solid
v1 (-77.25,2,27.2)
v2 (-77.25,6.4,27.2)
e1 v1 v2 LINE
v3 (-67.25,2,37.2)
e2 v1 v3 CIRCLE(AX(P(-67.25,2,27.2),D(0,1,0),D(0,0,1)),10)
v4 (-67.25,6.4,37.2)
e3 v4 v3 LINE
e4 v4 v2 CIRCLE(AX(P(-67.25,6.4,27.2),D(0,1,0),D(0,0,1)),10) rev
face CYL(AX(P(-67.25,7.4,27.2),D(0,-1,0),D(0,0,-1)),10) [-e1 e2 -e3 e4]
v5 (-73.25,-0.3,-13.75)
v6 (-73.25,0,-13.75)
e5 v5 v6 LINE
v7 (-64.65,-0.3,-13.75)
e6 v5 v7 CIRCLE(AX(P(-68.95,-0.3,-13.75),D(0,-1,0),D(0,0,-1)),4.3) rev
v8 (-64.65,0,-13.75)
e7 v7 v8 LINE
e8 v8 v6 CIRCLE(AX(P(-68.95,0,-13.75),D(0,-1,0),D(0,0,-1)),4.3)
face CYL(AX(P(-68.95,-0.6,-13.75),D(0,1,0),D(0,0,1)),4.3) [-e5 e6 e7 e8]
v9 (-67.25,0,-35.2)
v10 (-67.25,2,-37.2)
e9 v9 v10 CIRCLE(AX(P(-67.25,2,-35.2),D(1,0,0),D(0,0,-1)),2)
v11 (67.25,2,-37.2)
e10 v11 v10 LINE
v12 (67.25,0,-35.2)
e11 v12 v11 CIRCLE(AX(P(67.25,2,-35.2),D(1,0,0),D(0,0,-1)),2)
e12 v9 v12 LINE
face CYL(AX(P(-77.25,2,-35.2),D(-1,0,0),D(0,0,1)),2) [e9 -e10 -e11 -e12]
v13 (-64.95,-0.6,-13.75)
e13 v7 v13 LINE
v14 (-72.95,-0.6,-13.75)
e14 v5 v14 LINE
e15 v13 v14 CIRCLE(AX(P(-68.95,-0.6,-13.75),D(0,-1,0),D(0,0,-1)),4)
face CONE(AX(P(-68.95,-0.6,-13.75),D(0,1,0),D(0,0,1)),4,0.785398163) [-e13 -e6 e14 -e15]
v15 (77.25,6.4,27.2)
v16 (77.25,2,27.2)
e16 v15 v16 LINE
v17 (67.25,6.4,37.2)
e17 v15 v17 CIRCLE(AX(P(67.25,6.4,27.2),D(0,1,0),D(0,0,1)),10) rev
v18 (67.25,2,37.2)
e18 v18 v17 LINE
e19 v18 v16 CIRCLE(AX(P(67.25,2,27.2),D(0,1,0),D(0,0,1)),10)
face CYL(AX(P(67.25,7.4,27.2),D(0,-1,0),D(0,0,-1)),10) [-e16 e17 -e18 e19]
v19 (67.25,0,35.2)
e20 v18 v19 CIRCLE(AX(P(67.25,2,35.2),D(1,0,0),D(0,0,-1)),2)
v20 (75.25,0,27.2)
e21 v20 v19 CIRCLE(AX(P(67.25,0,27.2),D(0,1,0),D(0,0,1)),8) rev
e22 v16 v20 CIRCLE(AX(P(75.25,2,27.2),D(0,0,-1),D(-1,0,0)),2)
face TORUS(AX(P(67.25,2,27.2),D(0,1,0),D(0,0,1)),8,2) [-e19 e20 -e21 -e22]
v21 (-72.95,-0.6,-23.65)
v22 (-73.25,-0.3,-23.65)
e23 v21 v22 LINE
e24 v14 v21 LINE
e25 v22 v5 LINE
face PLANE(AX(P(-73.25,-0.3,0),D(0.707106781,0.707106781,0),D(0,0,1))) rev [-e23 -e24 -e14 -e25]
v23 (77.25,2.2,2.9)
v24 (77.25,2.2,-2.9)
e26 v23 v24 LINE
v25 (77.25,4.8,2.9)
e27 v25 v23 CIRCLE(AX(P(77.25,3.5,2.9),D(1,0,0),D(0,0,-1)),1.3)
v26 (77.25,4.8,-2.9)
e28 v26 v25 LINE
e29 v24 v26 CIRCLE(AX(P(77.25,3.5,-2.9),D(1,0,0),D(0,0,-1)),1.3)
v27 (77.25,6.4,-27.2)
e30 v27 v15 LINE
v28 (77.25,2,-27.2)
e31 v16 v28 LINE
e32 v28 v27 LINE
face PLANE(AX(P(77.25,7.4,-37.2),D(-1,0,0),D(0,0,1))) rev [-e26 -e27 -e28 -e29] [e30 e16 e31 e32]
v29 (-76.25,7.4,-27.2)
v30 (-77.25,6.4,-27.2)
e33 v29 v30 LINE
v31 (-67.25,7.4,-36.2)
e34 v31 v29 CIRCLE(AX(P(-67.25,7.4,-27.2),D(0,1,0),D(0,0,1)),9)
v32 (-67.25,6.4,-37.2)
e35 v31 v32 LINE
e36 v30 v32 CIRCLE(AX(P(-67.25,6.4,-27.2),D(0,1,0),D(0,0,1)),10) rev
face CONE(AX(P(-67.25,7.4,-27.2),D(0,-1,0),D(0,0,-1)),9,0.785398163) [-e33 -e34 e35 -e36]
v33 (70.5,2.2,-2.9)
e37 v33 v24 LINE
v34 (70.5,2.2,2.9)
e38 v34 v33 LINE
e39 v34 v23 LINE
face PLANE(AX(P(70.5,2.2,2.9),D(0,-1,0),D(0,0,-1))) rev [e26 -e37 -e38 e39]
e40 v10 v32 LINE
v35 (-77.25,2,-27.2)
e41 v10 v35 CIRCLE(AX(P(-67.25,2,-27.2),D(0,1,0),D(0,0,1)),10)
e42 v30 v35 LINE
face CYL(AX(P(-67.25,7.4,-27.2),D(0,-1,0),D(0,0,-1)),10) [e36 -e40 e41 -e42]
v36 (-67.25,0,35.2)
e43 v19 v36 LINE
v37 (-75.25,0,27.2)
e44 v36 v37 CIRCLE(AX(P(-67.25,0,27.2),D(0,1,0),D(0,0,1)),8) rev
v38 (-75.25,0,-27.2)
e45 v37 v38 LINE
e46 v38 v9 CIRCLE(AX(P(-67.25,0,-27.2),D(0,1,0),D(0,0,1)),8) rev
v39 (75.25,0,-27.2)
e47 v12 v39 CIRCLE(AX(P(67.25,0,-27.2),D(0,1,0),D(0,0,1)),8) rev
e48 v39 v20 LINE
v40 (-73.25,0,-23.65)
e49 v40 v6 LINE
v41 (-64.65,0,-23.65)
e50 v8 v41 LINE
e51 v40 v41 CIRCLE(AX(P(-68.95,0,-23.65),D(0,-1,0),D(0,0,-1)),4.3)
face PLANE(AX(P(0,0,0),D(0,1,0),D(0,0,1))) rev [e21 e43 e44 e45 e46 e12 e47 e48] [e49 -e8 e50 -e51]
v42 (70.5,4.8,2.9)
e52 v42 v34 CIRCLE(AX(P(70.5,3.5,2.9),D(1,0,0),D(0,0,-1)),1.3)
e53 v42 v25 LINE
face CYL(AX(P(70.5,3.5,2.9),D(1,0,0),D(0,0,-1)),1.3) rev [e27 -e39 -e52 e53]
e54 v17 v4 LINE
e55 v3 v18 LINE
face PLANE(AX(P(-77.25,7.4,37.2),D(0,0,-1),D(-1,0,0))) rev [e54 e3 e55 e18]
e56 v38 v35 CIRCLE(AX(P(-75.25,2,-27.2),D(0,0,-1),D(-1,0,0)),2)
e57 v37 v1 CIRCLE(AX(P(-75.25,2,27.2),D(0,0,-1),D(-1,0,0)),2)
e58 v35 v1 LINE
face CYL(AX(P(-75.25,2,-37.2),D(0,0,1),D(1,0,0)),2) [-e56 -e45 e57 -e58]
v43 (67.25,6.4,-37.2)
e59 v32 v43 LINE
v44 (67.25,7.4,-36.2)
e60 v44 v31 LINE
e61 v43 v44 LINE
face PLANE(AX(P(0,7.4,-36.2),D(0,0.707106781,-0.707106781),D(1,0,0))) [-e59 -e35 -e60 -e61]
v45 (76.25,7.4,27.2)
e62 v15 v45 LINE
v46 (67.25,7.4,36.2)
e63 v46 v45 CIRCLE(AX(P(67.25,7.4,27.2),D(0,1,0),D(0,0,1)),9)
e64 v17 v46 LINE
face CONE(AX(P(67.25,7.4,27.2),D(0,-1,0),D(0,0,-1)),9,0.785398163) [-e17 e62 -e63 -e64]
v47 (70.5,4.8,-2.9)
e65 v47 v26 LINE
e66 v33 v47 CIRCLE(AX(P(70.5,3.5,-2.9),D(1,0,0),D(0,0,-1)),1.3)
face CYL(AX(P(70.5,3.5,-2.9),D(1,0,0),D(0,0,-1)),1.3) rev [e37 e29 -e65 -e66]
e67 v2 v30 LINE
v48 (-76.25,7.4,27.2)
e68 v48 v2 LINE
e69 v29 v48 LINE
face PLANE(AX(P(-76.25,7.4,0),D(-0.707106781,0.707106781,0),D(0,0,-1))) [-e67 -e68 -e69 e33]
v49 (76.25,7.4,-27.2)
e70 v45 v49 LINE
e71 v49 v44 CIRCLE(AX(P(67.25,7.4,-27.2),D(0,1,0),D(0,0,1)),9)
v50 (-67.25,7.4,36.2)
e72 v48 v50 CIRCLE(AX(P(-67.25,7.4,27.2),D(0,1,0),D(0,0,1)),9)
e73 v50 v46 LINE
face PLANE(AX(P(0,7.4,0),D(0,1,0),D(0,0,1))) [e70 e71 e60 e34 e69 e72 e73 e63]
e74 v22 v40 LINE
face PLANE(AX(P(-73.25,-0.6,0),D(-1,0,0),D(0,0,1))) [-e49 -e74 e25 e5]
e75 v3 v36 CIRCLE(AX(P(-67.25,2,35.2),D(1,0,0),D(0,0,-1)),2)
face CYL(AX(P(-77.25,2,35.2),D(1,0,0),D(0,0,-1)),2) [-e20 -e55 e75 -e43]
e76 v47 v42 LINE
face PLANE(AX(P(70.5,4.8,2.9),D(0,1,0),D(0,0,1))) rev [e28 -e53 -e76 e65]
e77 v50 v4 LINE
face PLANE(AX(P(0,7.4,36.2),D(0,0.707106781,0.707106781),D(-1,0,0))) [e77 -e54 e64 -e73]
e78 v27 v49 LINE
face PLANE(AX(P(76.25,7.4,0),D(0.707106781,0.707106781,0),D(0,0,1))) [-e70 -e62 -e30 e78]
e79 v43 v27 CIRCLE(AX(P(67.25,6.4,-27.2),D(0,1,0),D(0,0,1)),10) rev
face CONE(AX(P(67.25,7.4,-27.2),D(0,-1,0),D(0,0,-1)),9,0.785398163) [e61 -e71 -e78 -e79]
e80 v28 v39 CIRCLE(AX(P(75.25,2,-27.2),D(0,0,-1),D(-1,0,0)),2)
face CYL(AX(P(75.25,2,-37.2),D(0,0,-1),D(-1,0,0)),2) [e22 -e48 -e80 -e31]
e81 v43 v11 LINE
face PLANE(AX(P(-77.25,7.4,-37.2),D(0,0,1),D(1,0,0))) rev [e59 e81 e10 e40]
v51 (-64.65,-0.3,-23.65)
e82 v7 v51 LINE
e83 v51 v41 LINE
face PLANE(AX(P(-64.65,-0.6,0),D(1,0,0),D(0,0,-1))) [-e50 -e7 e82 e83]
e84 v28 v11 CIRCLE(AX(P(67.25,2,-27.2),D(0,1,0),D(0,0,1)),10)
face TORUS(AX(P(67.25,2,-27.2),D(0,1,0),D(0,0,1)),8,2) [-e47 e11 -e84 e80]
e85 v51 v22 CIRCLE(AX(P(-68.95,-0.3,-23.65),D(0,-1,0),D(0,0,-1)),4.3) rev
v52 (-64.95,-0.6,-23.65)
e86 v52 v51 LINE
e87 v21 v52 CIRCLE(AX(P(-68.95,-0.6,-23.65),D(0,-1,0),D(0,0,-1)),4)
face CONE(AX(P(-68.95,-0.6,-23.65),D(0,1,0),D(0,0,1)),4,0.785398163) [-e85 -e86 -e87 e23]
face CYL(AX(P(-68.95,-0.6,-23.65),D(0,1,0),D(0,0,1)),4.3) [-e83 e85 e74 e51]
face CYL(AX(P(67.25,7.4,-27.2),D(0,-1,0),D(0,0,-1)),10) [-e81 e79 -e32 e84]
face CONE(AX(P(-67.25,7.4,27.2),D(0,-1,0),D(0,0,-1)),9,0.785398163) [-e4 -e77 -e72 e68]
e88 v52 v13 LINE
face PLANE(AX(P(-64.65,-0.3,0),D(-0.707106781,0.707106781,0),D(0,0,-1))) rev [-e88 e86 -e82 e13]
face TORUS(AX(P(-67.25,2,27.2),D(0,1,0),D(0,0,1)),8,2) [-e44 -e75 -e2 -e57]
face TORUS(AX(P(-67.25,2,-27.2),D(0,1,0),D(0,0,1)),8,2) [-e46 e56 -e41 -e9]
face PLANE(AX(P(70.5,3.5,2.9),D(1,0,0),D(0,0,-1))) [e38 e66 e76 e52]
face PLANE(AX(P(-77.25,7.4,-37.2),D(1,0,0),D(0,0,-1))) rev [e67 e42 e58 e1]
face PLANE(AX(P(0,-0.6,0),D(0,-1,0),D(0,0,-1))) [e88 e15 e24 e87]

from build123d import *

# Parameters (mm, degrees)
SKETCH1_W           = 154.5
SKETCH1_H           = 74.4
BOSS_EXTRUDE1_DEPTH = 7.4
FILLET1_R           = 10
CHAMFER1_SIZE       = 1
FILLET2_R           = 2
SKETCH2_R           = 4.3
BOSS_EXTRUDE2_DEPTH = 0.6
CHAMFER2_SIZE       = 0.3
CUT_EXTRUDE1_DEPTH  = 6.75


with BuildPart() as part:
    # Sketch1 → Boss-Extrude1 (new body)
    with BuildSketch(Plane(origin=(0, 0, 0), x_dir=(1, 0, 0), z_dir=(0, 1, 0))):
        Rectangle(SKETCH1_W, SKETCH1_H)
    extrude(amount=BOSS_EXTRUDE1_DEPTH)

    # Fillet1
    fillet1_edges = [part.edges().sort_by_distance(p)[0] for p in [
        (77.25, 3.7, 37.2),
        (-77.25, 3.7, 37.2),
        (-77.25, 3.7, -37.2),
        (77.25, 3.7, -37.2),
    ]]
    fillet(fillet1_edges, radius=FILLET1_R)

    # Chamfer1
    chamfer1_edges = [part.edges().sort_by_distance(p)[0] for p in [
        (-77.25, 7.4, 0),
        (0, 7.4, -37.2),
        (77.25, 7.4, 0),
        (0, 7.4, 37.2),
        (74.321067812, 7.4, 34.271067812),
        (-74.321067812, 7.4, 34.271067812),
        (74.321067812, 7.4, -34.271067812),
        (-74.321067812, 7.4, -34.271067812),
    ]]
    chamfer(chamfer1_edges, length=CHAMFER1_SIZE)

    # Fillet2
    fillet2_edges = [part.edges().sort_by_distance(p)[0] for p in [
        (-77.25, 0, 0),
        (77.25, 0, 0),
        (0, 0, 37.2),
        (0, 0, -37.2),
        (74.321067812, 0, 34.271067812),
        (-74.321067812, 0, 34.271067812),
        (74.321067812, 0, -34.271067812),
        (-74.321067812, 0, -34.271067812),
    ]]
    fillet(fillet2_edges, radius=FILLET2_R)

    # Sketch2 → Boss-Extrude2 (add)
    with BuildSketch(Plane.XZ):
        with Locations((-68.95, -13.75)):
            Circle(SKETCH2_R)
        with BuildLine():
            Line((-73.25, -13.75), (-73.25, -23.65))
            ThreePointArc((-73.25, -23.65), (-68.95, -19.35), (-64.65, -23.65))
            Line((-64.65, -23.65), (-64.65, -13.75))
            ThreePointArc((-64.65, -13.75), (-68.95, -18.05), (-73.25, -13.75))
        make_face()
        with Locations((-68.95, -23.65)):
            Circle(SKETCH2_R)
    extrude(amount=BOSS_EXTRUDE2_DEPTH)

    # Chamfer2
    chamfer2_edges = [part.edges().sort_by_distance(p)[0] for p in [
        (-64.65, -0.6, -18.7),
        (-73.25, -0.6, -18.7),
        (-68.95, -0.6, -9.45),
        (-68.95, -0.6, -27.95),
    ]]
    chamfer(chamfer2_edges, length=CHAMFER2_SIZE)

    # Sketch3 → Cut-Extrude1 (cut)
    with BuildSketch(Plane(origin=(77.25, 0, 0), x_dir=(0, 0, -1), z_dir=(1, 0, 0))):
        with BuildLine():
            Line((-2.9, 4.8), (2.9, 4.8))
            ThreePointArc((2.9, 4.8), (4.2, 3.5), (2.9, 2.2))
            Line((2.9, 2.2), (-2.9, 2.2))
            ThreePointArc((-2.9, 2.2), (-4.2, 3.5), (-2.9, 4.8))
        make_face()
    extrude(amount=-CUT_EXTRUDE1_DEPTH, mode=Mode.SUBTRACT)


solid = part.part
